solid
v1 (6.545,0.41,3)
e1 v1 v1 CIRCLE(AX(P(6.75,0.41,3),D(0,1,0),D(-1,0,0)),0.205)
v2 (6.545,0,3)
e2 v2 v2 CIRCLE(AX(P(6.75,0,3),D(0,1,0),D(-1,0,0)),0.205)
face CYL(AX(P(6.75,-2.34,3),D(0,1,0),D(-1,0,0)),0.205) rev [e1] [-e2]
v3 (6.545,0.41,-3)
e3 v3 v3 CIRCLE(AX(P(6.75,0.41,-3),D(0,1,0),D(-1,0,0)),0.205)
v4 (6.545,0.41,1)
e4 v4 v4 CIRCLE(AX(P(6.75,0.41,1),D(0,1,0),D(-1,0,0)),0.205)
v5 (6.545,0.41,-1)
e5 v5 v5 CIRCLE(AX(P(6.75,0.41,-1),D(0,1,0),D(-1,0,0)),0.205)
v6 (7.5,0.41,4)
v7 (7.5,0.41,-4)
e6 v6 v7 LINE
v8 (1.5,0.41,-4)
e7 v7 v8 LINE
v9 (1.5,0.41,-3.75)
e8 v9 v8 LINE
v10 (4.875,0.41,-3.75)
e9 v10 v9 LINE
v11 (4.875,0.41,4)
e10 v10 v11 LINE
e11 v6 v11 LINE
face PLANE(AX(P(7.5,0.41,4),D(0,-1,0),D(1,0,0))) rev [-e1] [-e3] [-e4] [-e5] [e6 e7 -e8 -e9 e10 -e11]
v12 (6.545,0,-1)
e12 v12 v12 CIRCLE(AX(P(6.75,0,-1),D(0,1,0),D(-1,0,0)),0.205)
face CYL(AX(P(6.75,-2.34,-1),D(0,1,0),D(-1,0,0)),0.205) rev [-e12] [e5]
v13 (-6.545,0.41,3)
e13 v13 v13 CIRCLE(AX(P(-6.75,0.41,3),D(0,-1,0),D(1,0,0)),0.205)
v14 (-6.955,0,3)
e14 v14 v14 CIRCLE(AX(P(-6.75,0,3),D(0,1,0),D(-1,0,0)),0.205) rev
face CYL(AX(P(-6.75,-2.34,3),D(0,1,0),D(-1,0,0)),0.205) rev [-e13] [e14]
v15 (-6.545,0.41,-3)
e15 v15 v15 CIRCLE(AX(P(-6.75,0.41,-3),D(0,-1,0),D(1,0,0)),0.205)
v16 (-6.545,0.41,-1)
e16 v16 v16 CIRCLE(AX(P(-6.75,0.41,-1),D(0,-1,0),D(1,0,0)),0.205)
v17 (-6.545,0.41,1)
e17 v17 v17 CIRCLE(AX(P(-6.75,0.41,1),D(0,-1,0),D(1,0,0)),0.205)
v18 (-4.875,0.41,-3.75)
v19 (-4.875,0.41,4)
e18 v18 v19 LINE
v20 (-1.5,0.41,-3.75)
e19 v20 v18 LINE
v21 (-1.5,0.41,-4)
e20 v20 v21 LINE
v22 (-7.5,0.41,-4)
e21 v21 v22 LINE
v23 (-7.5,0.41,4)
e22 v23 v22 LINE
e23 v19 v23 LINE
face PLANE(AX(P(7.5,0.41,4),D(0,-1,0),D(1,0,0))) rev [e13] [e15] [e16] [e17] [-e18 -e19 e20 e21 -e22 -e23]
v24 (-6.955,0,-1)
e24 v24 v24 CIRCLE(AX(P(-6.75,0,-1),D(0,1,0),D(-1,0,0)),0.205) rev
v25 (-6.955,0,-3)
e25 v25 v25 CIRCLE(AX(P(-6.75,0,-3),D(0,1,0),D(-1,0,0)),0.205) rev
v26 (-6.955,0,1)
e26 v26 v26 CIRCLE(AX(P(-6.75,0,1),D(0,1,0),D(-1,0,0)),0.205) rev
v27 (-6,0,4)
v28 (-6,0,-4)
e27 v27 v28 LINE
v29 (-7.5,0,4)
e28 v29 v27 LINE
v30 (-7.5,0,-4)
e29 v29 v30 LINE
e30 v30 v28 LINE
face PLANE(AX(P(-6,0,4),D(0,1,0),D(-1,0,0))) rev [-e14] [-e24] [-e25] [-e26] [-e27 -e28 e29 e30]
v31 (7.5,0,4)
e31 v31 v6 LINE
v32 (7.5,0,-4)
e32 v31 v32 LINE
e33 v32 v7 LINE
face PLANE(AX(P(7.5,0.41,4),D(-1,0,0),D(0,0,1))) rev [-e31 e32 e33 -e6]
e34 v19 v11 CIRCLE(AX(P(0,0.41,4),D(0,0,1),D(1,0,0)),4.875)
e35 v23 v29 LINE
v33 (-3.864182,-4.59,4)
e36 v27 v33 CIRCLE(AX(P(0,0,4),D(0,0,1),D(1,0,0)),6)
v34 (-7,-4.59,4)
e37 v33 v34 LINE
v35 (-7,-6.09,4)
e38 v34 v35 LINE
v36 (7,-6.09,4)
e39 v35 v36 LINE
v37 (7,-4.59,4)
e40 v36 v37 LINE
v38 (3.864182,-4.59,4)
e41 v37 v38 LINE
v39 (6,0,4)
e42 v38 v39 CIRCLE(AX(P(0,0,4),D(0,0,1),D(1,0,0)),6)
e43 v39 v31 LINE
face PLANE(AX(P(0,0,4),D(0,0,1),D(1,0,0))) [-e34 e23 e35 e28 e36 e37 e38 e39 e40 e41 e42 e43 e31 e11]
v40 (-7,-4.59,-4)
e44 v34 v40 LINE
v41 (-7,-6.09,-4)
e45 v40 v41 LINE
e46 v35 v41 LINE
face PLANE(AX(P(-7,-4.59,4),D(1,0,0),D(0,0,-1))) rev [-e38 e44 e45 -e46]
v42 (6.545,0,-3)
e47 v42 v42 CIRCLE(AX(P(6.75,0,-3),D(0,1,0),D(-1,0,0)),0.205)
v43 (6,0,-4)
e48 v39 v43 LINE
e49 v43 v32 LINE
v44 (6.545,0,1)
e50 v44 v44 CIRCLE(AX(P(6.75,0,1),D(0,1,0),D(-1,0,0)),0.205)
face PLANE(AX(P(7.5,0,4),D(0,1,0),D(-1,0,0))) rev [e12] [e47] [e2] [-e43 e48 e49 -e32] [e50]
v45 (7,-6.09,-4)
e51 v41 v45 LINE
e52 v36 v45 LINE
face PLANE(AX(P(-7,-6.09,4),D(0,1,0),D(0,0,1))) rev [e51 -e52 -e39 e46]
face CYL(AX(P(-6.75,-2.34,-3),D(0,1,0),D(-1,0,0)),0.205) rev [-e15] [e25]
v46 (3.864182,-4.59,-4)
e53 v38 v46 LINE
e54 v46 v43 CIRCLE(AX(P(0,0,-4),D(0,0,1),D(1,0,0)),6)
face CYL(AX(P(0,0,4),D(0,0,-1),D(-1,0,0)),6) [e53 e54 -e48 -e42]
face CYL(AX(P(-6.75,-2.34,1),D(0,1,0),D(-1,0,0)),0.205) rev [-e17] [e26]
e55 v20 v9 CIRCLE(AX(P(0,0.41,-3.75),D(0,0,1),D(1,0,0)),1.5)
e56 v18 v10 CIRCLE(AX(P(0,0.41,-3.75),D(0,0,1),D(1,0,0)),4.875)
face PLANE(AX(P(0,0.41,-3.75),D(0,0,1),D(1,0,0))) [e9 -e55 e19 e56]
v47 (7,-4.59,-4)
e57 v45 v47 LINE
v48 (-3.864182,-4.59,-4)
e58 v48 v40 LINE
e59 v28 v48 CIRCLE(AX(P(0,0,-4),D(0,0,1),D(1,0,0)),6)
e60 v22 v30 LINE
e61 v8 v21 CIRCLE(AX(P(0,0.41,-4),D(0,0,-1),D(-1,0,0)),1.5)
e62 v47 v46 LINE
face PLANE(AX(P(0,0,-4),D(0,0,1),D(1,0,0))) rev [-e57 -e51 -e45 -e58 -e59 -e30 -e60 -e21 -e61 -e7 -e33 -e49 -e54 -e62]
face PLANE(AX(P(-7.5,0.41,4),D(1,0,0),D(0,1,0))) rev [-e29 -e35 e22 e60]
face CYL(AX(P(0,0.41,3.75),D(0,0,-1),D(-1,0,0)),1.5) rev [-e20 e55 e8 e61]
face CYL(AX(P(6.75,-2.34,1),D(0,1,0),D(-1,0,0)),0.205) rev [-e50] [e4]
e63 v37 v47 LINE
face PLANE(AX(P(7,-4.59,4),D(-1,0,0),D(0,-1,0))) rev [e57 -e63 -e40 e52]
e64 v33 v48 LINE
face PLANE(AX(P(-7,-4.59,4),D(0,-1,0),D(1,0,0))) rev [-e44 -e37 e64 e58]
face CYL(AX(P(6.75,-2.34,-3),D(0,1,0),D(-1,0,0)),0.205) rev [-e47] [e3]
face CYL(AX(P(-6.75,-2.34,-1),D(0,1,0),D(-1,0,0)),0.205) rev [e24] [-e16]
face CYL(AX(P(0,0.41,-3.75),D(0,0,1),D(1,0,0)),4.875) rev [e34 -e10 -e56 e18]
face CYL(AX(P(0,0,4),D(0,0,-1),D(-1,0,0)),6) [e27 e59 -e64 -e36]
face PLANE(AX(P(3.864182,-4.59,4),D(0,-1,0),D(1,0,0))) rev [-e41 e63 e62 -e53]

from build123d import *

# Parameters (mm, degrees)
BOSS_EXTRUDE1_DEPTH = 4
CUT_EXTRUDE1_DEPTH  = 7.75
CUT_EXTRUDE2_DEPTH  = 7.75
SKETCH4_R           = 0.205
CUT_EXTRUDE3_DEPTH  = 2.75


with BuildPart() as part:
    # Sketch1 → Boss-Extrude1 (new, symmetric)
    with BuildSketch(Plane.XY):
        with BuildLine():
            Line((7.5, 0), (6, 0))
            ThreePointArc((6, 0), (5.439903034, -2.531295119), (3.864181673, -4.59))
            Line((3.864181673, -4.59), (7, -4.59))
            Line((7, -4.59), (7, -6.09))
            Line((7, -6.09), (-7, -6.09))
            Line((-7, -6.09), (-7, -4.59))
            Line((-7, -4.59), (-3.864181673, -4.59))
            ThreePointArc((-3.864181673, -4.59), (-5.439903034, -2.531295119), (-6, 0))
            Line((-6, 0), (-7.5, 0))
            Line((-7.5, 0), (-7.5, 0.41))
            Line((-7.5, 0.41), (7.5, 0.41))
            Line((7.5, 0.41), (7.5, 0))
        make_face()
    extrude(amount=BOSS_EXTRUDE1_DEPTH, both=True)

    # Sketch2 → Cut-Extrude1 (cut)
    with BuildSketch(Plane.XY.offset(4)):
        with BuildLine():
            Line((-4.875, 0.41), (4.875, 0.41))
            ThreePointArc((4.875, 0.41), (0, -4.465), (-4.875, 0.41))
        make_face()
    extrude(amount=-CUT_EXTRUDE1_DEPTH, mode=Mode.SUBTRACT)

    # Sketch3 → Cut-Extrude2 (cut)
    with BuildSketch(Plane(origin=(0, 0, -4), x_dir=(-1, 0, 0), z_dir=(0, 0, -1))):
        with BuildLine():
            Line((-1.5, 0.41), (1.5, 0.41))
            ThreePointArc((1.5, 0.41), (0, -1.09), (-1.5, 0.41))
        make_face()
    extrude(amount=-CUT_EXTRUDE2_DEPTH, mode=Mode.SUBTRACT)

    # Sketch4 → Cut-Extrude3 (cut)
    with BuildSketch(Plane(origin=(0, 0.41, 0), x_dir=(1, 0, 0), z_dir=(0, 1, 0))):
        with Locations(Location((6.75, 3, 0), (0, 0, 180))):
            Circle(SKETCH4_R)
        with Locations(Location((6.75, 1, 0), (0, 0, 180))):
            Circle(SKETCH4_R)
        with Locations(Location((6.75, -1, 0), (0, 0, 180))):
            Circle(SKETCH4_R)
        with Locations(Location((6.75, -3, 0), (0, 0, 180))):
            Circle(SKETCH4_R)
    cut_extrude3 = extrude(amount=-CUT_EXTRUDE3_DEPTH, mode=Mode.SUBTRACT)

    # Mirror1: Cut-Extrude3 across plane
    add(cut_extrude3.mirror(Plane(origin=(0, 0, 0), x_dir=(0, 0, 1), z_dir=(1, 0, 0))), mode=Mode.SUBTRACT)


solid = part.part
